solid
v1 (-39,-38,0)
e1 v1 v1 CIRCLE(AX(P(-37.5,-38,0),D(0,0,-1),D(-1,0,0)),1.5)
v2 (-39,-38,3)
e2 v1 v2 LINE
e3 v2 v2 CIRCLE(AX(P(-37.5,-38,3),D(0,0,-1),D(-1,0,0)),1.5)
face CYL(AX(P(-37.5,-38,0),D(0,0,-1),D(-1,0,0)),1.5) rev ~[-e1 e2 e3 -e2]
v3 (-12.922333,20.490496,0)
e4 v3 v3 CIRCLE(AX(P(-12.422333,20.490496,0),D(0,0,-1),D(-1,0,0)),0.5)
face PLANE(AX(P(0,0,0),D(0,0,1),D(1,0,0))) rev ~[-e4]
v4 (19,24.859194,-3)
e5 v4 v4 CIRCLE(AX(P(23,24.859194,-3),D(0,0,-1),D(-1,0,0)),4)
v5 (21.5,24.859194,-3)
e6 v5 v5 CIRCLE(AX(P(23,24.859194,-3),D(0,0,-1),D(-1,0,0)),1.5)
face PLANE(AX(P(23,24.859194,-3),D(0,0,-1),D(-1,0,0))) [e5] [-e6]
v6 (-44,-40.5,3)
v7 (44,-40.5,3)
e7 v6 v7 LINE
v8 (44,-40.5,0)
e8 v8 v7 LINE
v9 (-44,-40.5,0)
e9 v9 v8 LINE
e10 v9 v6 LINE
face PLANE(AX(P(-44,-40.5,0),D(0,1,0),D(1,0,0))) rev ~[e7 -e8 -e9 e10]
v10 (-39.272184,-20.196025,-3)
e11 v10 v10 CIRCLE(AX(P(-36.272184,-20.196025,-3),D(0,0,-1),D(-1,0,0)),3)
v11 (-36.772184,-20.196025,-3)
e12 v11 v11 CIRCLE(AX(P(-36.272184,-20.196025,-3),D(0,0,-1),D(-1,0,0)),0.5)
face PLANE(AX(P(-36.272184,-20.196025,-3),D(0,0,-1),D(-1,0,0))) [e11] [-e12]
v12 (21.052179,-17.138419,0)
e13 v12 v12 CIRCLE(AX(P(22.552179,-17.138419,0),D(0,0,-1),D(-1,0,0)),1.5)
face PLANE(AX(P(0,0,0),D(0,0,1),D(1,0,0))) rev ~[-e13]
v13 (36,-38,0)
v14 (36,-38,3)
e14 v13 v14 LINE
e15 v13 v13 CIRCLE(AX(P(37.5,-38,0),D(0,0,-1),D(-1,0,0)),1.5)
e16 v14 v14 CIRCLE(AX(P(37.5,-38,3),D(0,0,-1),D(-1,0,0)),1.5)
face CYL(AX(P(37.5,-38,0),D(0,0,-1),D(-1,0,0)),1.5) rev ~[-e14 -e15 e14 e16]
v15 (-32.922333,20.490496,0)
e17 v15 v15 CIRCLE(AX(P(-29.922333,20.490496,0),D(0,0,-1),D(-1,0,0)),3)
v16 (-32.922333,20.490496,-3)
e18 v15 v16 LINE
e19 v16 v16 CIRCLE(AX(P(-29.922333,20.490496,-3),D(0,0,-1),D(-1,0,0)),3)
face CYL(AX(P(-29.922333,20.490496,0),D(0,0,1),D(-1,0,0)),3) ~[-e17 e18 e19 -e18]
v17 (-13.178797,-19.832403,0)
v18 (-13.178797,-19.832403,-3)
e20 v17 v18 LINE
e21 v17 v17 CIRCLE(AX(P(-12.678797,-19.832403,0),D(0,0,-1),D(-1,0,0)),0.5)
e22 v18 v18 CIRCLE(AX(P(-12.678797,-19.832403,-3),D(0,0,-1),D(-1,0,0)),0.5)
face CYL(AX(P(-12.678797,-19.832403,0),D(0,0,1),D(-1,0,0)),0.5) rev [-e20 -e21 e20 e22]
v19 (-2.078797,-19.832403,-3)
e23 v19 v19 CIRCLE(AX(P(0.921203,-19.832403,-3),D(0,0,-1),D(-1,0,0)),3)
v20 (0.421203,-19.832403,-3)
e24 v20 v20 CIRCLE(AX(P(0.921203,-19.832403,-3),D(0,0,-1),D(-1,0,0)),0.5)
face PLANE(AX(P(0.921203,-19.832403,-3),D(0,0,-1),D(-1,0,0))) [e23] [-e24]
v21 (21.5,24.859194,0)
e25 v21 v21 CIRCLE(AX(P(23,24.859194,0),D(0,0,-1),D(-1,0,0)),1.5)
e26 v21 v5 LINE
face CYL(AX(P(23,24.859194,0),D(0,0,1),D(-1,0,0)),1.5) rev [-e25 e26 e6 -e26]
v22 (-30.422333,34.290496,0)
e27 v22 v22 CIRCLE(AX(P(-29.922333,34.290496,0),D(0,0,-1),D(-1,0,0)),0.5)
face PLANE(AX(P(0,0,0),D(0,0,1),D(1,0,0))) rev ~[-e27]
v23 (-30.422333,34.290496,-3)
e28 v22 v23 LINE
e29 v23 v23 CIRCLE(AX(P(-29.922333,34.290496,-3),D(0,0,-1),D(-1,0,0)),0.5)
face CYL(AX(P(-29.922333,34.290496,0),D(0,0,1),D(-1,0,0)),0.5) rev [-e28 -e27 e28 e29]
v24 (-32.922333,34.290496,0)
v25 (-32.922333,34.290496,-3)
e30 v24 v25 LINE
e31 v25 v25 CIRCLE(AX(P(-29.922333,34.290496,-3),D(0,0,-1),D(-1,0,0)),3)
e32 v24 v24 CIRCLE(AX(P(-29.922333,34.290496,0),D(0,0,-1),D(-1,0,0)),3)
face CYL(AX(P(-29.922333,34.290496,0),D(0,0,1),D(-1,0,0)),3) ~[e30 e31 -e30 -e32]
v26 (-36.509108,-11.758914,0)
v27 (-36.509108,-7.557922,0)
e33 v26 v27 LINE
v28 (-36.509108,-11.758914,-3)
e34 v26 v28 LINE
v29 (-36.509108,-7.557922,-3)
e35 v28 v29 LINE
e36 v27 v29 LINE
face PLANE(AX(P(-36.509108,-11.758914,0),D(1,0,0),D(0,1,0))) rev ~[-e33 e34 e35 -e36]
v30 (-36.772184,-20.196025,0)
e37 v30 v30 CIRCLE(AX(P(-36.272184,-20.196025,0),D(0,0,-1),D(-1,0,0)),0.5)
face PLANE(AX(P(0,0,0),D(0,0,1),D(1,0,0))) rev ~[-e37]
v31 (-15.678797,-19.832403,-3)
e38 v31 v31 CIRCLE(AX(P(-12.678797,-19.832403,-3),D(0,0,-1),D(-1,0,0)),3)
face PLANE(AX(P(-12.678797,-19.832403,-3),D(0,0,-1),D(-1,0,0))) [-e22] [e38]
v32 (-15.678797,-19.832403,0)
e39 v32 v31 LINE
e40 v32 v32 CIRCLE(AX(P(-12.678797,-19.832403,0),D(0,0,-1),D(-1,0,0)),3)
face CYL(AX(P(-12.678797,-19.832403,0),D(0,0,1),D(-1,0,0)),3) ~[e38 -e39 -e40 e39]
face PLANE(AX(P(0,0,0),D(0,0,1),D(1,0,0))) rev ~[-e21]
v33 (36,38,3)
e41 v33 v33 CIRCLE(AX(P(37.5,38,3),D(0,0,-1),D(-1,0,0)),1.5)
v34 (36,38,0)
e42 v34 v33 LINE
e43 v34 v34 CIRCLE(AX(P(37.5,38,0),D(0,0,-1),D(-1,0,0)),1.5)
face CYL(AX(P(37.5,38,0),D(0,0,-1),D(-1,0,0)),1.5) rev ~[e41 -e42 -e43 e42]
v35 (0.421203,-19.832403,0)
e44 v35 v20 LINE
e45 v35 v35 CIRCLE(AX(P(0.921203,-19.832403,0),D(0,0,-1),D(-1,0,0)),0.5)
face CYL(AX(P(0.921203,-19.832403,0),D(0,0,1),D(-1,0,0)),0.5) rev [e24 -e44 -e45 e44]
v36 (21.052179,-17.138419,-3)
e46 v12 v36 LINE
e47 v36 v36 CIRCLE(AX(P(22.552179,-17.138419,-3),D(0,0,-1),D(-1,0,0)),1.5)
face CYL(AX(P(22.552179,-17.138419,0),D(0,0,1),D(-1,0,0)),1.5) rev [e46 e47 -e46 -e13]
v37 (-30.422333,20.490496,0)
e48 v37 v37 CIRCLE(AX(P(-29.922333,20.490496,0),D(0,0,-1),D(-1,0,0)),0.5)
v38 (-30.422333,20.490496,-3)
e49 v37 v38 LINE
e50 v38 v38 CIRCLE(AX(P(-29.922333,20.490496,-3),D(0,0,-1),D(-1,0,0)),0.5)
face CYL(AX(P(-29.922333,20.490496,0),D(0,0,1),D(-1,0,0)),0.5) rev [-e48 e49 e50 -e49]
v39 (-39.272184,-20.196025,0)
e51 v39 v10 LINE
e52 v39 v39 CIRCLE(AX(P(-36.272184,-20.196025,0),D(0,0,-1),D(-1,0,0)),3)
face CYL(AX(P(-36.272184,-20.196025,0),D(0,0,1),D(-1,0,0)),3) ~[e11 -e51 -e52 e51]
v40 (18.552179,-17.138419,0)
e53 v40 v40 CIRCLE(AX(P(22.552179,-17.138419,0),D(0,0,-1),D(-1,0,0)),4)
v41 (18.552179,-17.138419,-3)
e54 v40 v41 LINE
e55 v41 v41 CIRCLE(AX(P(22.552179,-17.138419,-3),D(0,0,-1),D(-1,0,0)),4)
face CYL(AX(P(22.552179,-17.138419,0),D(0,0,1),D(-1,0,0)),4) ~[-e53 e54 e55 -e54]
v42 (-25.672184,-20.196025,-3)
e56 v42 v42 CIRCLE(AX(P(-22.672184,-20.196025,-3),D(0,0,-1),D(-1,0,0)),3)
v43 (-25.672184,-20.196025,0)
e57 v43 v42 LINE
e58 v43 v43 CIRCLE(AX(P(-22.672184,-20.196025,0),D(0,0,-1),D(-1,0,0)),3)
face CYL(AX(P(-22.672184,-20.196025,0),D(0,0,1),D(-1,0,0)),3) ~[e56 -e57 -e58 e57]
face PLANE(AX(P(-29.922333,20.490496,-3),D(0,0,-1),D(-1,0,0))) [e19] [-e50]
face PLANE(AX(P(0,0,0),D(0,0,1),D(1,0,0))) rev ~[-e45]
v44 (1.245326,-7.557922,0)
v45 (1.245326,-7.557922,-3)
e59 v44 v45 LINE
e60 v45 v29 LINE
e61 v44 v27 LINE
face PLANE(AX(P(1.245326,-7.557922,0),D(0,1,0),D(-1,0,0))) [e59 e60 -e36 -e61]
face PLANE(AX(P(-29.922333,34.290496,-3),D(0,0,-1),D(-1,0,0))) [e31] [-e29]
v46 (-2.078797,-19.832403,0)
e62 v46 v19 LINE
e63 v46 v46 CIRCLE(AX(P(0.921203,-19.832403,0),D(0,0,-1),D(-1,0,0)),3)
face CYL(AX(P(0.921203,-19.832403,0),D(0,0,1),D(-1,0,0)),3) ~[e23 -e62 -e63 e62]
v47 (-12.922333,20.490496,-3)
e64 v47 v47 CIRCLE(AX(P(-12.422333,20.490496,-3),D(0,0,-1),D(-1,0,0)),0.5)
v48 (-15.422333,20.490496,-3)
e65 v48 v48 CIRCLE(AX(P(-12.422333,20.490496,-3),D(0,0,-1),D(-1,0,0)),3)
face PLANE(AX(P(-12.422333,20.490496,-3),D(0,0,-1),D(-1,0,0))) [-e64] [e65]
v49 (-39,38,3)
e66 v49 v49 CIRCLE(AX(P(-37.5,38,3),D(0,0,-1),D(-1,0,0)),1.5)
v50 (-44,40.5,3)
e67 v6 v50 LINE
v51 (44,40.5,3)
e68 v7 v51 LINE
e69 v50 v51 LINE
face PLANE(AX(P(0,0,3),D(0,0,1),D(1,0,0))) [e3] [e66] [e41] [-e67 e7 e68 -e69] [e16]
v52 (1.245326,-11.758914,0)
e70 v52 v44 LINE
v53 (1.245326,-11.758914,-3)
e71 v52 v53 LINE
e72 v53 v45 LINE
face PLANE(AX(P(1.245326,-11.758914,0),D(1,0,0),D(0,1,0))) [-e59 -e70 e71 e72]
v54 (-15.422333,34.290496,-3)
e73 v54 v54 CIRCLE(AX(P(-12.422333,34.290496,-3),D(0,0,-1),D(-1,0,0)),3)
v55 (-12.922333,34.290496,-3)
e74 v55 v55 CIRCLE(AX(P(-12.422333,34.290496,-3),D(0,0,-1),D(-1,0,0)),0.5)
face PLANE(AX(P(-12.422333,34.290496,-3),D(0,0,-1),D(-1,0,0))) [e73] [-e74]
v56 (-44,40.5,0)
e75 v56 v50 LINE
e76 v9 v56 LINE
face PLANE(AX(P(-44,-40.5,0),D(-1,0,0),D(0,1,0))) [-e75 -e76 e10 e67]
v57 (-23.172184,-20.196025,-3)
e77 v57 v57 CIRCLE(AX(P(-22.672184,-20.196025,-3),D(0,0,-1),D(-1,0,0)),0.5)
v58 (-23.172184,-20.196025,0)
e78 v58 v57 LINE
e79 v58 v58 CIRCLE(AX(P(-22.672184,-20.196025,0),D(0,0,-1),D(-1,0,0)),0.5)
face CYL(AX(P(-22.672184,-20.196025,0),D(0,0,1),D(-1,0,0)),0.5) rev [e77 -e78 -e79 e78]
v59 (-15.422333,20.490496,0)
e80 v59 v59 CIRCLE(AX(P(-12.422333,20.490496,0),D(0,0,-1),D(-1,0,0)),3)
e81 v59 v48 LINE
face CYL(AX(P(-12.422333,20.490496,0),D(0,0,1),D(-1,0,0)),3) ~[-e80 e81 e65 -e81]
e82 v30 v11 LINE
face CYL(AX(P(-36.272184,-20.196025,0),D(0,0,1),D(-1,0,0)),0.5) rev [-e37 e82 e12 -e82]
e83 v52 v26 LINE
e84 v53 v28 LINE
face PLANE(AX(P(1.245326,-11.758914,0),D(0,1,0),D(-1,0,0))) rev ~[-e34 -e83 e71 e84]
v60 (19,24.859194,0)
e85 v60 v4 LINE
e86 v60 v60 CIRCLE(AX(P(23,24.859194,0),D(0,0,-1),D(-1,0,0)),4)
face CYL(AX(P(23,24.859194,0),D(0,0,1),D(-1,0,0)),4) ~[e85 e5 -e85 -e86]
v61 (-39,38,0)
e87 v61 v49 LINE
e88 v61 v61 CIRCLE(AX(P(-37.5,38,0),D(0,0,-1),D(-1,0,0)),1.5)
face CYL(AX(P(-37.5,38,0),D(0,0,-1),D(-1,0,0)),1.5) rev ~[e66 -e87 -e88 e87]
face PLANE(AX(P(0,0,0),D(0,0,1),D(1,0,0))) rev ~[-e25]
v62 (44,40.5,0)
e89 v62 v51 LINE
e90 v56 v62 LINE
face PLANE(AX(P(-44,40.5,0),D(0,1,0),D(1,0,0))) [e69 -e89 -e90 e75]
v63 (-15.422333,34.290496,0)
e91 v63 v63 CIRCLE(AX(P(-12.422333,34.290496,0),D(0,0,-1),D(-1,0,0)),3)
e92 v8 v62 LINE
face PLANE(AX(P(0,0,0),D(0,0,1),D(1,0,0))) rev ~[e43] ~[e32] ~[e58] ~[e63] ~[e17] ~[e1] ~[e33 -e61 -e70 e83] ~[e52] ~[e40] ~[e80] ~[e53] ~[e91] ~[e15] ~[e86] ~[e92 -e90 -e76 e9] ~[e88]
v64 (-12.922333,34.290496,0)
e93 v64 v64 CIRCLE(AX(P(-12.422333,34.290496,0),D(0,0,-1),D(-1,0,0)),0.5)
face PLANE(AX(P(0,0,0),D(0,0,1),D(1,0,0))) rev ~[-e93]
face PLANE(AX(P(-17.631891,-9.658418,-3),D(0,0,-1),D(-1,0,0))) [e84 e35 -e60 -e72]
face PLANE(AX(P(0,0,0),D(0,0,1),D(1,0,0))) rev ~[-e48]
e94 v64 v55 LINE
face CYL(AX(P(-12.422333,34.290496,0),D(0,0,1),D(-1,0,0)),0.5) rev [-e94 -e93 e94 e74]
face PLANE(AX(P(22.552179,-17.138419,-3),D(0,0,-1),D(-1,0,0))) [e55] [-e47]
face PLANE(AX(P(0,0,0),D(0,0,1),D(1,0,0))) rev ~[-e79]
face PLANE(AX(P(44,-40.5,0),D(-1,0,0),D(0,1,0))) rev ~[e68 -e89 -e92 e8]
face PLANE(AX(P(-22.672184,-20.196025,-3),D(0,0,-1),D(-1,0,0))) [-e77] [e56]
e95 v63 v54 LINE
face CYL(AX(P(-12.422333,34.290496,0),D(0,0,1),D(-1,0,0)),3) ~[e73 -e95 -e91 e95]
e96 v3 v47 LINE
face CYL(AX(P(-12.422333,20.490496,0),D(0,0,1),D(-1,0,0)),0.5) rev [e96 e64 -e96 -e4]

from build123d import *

# Parameters (mm, degrees)
SKETCH1_W           = 88
SKETCH1_H           = 81
BOSS_EXTRUDE1_DEPTH = 3
SKETCH2_R           = 3
SKETCH2_R_2         = 0.5
REGULATOR_DEPTH     = 3
SKETCH3_R           = 4
SKETCH3_R_2         = 1.5
ARDUIONO_DEPTH      = 3
SKETCH4_R           = 3
SKETCH4_R_2         = 0.5
SKETCH4_W           = 37.754434331
SKETCH4_H           = 4.20099223
RELAY_DEPTH         = 3
SKETCH5_R           = 1.5
CUT_EXTRUDE1_DEPTH  = 60.876957171


with BuildPart() as part:
    # Sketch1 → Boss-Extrude1 (new body)
    with BuildSketch(Plane.XY):
        Rectangle(SKETCH1_W, SKETCH1_H)
    extrude(amount=BOSS_EXTRUDE1_DEPTH)

    # Sketch2 → regulator (add)
    # profile 1 of 4: a face of its own
    with BuildSketch(Plane(origin=(0, 0, 0), x_dir=(-1, 0, 0), z_dir=(0, 0, -1))):
        with Locations((12.422333314, 20.490496054)):
            Circle(SKETCH2_R)
        with Locations((12.422333314, 20.490496054)):
            Circle(SKETCH2_R_2, mode=Mode.SUBTRACT)
    # profile 2 of 4: a face of its own
    with BuildSketch(Plane(origin=(0, 0, 0), x_dir=(-1, 0, 0), z_dir=(0, 0, -1))):
        with Locations((29.922333314, 20.490496054)):
            Circle(SKETCH2_R)
        with Locations((29.922333314, 20.490496054)):
            Circle(SKETCH2_R_2, mode=Mode.SUBTRACT)
    # profile 3 of 4: a face of its own
    with BuildSketch(Plane(origin=(0, 0, 0), x_dir=(-1, 0, 0), z_dir=(0, 0, -1))):
        with Locations((12.422333314, 34.290496054)):
            Circle(SKETCH2_R)
        with Locations((12.422333314, 34.290496054)):
            Circle(SKETCH2_R_2, mode=Mode.SUBTRACT)
    # profile 4 of 4: a face of its own
    with BuildSketch(Plane(origin=(0, 0, 0), x_dir=(-1, 0, 0), z_dir=(0, 0, -1))):
        with Locations((29.922333314, 34.290496054)):
            Circle(SKETCH2_R)
        with Locations((29.922333314, 34.290496054)):
            Circle(SKETCH2_R_2, mode=Mode.SUBTRACT)
    extrude(amount=REGULATOR_DEPTH)

    # Sketch3 → arduiono (add)
    # profile 1 of 2: a face of its own
    with BuildSketch(Plane(origin=(0, 0, 0), x_dir=(-1, 0, 0), z_dir=(0, 0, -1))):
        with Locations((-23, 24.859193612)):
            Circle(SKETCH3_R)
        with Locations((-23, 24.859193612)):
            Circle(SKETCH3_R_2, mode=Mode.SUBTRACT)
    # profile 2 of 2: a face of its own
    with BuildSketch(Plane(origin=(0, 0, 0), x_dir=(-1, 0, 0), z_dir=(0, 0, -1))):
        with Locations((-22.552178991, -17.138418896)):
            Circle(SKETCH3_R)
        with Locations((-22.552178991, -17.138418896)):
            Circle(SKETCH3_R_2, mode=Mode.SUBTRACT)
    extrude(amount=ARDUIONO_DEPTH)

    # Sketch4 → relay (add)
    # profile 1 of 5: a face of its own
    with BuildSketch(Plane(origin=(0, 0, 0), x_dir=(-1, 0, 0), z_dir=(0, 0, -1))):
        with Locations((36.272183711, -20.196025136)):
            Circle(SKETCH4_R)
        with Locations((36.272183711, -20.196025136)):
            Circle(SKETCH4_R_2, mode=Mode.SUBTRACT)
    # profile 2 of 5: a face of its own
    with BuildSketch(Plane(origin=(0, 0, 0), x_dir=(-1, 0, 0), z_dir=(0, 0, -1))):
        with Locations((22.672183711, -20.196025136)):
            Circle(SKETCH4_R)
        with Locations((22.672183711, -20.196025136)):
            Circle(SKETCH4_R_2, mode=Mode.SUBTRACT)
    # profile 3 of 5: a face of its own
    with BuildSketch(Plane(origin=(0, 0, 0), x_dir=(-1, 0, 0), z_dir=(0, 0, -1))):
        with Locations((12.678796965, -19.832402608)):
            Circle(SKETCH4_R)
        with Locations((12.678796965, -19.832402608)):
            Circle(SKETCH4_R_2, mode=Mode.SUBTRACT)
    # profile 4 of 5: a face of its own
    with BuildSketch(Plane(origin=(0, 0, 0), x_dir=(-1, 0, 0), z_dir=(0, 0, -1))):
        with Locations((-0.921203035, -19.832402608)):
            Circle(SKETCH4_R)
        with Locations((-0.921203035, -19.832402608)):
            Circle(SKETCH4_R_2, mode=Mode.SUBTRACT)
    # profile 5 of 5: a face of its own
    with BuildSketch(Plane(origin=(0, 0, 0), x_dir=(-1, 0, 0), z_dir=(0, 0, -1))):
        with Locations((17.631890713, -9.658418225)):
            Rectangle(SKETCH4_W, SKETCH4_H)
    extrude(amount=RELAY_DEPTH)

    # Sketch5 → Cut-Extrude1 (cut, through all)
    with BuildSketch(Plane(origin=(0, 0, 0), x_dir=(-1, 0, 0), z_dir=(0, 0, -1))):
        with Locations((-37.5, 38)):
            Circle(SKETCH5_R)
        with Locations((37.5, 38)):
            Circle(SKETCH5_R)
        with Locations((37.5, -38)):
            Circle(SKETCH5_R)
        with Locations((-37.5, -38)):
            Circle(SKETCH5_R)
    extrude(amount=-CUT_EXTRUDE1_DEPTH, mode=Mode.SUBTRACT)


solid = part.part
